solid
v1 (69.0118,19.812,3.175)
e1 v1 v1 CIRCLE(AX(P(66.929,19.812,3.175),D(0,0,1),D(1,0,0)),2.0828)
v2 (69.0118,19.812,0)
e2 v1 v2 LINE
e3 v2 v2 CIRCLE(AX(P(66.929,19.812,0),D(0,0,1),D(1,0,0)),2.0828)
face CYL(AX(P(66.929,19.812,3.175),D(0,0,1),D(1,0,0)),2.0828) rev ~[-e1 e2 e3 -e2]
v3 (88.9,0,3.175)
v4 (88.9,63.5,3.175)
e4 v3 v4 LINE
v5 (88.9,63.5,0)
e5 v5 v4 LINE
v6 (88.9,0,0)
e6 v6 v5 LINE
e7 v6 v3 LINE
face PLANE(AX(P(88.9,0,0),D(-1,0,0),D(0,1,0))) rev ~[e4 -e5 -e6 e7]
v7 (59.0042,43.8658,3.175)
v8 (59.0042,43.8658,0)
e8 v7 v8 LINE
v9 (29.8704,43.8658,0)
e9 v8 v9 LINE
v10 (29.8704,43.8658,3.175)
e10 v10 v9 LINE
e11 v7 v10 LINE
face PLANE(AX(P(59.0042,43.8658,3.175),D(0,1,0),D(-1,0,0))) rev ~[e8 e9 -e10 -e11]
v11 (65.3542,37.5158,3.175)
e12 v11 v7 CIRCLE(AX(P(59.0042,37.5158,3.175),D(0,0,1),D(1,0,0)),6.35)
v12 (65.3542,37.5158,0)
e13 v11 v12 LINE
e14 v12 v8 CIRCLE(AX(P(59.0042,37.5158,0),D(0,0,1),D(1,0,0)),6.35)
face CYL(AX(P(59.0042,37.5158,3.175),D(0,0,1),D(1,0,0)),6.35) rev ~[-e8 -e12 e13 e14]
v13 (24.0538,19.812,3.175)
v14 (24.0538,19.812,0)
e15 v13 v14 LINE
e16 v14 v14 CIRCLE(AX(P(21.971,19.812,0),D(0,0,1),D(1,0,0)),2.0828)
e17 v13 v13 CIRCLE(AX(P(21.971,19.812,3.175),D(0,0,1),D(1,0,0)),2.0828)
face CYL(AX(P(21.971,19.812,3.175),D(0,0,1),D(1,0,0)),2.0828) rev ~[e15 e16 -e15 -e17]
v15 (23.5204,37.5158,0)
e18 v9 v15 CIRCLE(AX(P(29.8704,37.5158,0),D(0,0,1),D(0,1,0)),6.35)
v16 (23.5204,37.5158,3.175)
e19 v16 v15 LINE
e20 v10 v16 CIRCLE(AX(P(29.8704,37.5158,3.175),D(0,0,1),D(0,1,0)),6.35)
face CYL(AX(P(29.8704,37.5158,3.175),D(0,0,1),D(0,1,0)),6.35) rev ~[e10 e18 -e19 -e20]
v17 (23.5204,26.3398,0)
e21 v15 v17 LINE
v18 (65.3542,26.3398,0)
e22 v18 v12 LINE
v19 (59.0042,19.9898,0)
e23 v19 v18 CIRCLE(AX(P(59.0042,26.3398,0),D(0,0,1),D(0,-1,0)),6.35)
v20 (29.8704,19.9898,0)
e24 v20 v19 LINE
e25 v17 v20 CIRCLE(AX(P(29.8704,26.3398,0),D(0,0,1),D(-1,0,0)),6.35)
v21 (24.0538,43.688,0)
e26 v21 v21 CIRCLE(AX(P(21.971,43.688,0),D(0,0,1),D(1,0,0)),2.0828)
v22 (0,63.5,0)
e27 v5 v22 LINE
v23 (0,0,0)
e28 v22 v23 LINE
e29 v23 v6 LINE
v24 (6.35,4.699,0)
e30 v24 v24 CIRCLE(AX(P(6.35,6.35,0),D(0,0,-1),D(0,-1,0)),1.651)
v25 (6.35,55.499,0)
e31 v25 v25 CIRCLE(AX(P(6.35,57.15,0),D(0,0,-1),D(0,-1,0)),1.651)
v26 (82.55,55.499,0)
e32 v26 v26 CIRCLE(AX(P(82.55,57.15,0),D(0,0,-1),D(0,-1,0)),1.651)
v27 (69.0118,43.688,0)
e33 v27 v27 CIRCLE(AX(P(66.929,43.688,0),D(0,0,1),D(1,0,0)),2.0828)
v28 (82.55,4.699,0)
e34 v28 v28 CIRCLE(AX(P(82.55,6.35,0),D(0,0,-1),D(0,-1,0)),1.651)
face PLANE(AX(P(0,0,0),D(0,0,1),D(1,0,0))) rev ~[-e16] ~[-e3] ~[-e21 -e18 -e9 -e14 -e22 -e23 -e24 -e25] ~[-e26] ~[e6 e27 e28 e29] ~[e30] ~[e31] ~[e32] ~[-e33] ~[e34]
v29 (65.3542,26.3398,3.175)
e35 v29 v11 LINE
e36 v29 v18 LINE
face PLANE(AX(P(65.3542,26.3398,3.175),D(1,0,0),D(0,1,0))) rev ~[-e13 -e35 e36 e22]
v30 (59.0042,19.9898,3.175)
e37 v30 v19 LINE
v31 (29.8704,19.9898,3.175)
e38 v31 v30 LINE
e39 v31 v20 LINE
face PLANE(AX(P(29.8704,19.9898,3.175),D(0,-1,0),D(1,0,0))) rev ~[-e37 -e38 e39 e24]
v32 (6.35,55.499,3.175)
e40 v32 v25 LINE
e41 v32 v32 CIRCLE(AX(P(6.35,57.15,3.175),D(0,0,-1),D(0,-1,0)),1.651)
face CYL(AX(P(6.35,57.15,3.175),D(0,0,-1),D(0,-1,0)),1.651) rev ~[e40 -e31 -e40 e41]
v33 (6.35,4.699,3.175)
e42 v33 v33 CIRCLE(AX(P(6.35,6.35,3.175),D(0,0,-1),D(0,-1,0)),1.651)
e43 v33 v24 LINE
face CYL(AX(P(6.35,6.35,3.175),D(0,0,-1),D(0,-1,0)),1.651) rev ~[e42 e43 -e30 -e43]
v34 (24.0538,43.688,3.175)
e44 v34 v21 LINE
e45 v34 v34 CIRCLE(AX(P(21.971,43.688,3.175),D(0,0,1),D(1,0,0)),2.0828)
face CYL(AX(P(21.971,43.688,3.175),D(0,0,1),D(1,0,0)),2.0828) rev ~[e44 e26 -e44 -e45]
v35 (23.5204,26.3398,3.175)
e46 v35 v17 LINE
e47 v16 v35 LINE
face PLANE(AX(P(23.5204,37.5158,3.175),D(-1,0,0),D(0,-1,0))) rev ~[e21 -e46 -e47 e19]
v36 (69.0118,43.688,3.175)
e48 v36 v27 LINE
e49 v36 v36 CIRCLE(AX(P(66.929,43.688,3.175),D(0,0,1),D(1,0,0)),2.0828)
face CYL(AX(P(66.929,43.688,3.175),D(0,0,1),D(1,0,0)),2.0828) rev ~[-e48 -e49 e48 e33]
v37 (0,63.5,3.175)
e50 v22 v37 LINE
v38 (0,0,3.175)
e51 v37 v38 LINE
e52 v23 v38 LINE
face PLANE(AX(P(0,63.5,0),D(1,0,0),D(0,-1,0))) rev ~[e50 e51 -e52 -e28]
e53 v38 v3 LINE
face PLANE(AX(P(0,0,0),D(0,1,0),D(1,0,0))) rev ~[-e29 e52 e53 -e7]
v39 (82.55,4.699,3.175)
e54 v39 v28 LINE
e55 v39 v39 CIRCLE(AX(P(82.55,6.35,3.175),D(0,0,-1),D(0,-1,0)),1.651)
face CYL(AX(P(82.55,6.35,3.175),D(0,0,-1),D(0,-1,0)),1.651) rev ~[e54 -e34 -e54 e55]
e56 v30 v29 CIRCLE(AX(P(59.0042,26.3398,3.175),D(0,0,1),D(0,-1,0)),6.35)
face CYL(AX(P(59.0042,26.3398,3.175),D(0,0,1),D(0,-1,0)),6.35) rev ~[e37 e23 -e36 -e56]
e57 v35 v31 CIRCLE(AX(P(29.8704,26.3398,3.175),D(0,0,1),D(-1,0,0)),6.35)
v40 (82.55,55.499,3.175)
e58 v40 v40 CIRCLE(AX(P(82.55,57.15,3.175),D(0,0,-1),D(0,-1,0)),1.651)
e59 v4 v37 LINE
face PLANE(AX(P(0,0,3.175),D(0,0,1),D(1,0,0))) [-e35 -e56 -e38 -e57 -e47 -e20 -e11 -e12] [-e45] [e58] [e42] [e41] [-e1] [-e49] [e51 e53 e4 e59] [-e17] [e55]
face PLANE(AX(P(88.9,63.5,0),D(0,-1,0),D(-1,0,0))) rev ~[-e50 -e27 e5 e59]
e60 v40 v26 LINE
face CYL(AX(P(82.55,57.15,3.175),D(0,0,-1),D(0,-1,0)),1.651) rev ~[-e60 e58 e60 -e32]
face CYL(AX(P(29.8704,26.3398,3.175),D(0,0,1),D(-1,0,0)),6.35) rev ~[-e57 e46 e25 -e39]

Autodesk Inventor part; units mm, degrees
ref_plane "YZ Plane" through (0, 0, 0) normal (1, 0, 0) x (0, 1, 0)
ref_plane "XZ Plane" through (0, 0, 0) normal (0, 1, 0) x (-1, 0, 0)
ref_plane "XY Plane" through (0, 0, 0) normal (0, 0, 1) x (1, 0, 0)
sketch "Sketch1" plane through (0, 0, 0) normal (0, 0, 1) x (1, 0, 0)
  line L0 (0, 0) -> (88.9, 0)
  line L1 (88.9, 0) -> (88.9, 63.5)
  line L2 (88.9, 63.5) -> (0, 63.5)
  line L3 (0, 63.5) -> (0, 0)
  dimension "d0" = 88.9
  dimension "d1" = 63.5
extrude "Extrusion1" add sketch "Sketch1" along normal blind 3.175
sketch "Sketch2" plane through (0, 0, 3.175) normal (0, 0, 1) x (1, 0, 0)
  line L0 (16.891, 13.97) -> (72.009, 13.97)
  line L1 (72.009, 13.97) -> (72.009, 49.53)
  line L2 (72.009, 49.53) -> (16.891, 49.53)
  line L3 (16.891, 49.53) -> (16.891, 13.97)
  circle A0 centre (21.971, 43.688) radius 2.0828
  circle A1 centre (66.929, 43.688) radius 2.0828
  circle A2 centre (66.929, 19.812) radius 2.0828
  circle A3 centre (21.971, 19.812) radius 2.0828
  line L4 (29.8704, 19.9898) -> (59.0042, 19.9898)
  line L5 (65.3542, 26.3398) -> (65.3542, 37.5158)
  line L6 (59.0042, 43.8658) -> (29.8704, 43.8658)
  line L7 (23.5204, 37.5158) -> (23.5204, 26.3398)
  arc A4 (29.8704, 43.8658) -> (23.5204, 37.5158) centre (29.8704, 37.5158) ccw
  arc A5 (23.5204, 26.3398) -> (29.8704, 19.9898) centre (29.8704, 26.3398) ccw
  arc A6 (59.0042, 19.9898) -> (65.3542, 26.3398) centre (59.0042, 26.3398) ccw
  arc A7 (65.3542, 37.5158) -> (59.0042, 43.8658) centre (59.0042, 37.5158) ccw
  line L8 (0, 63.5) -> (0, 0) projected
  line L9 (88.9, 0) -> (88.9, 63.5) projected
  line L10 (0, 0) -> (88.9, 0) projected
  line L11 (88.9, 63.5) -> (0, 63.5) projected
  point P0 (23.5204, 19.9898)
  point P1 (65.3542, 43.8658)
  point P2 (65.3542, 19.9898)
  dimension "d4" = 55.118
  dimension "d5" = 35.56
  dimension "d6" = 4.1656
  dimension "d7" = 5.08
  dimension "d8" = 5.842
  dimension "d9" = 5.842
  dimension "d10" = 5.842
  dimension "d11" = 5.842
  dimension "d12" = 5.08
  dimension "d13" = 5.08
  dimension "d14" = 5.08
  dimension "d15" = 23.876
  dimension "d16" = 41.8338
  dimension "d17" = 1.5748
  dimension "d18" = 0.1778
  dimension "d19" = 6.35
  dimension "d20" = 88.9
  dimension "d21" = 63.5
  dimension "d22" = 13.97
  dimension "d23" = 16.891
extrude "Extrusion2" cut sketch "Sketch2" against normal through all contours A0 | A1 | A2 | A3 | A5 L7 A4 L6 A7 L5 A6 L4
sketch "Sketch4" plane through (0, 0, 3.175) normal (0, 0, 1) x (1, 0, 0)
  line L0 (38.1, 57.15) -> (51.2683, 57.15) construction
  line L1 (51.2683, 57.15) -> (51.2683, 45.6081) construction
  line L2 (51.2683, 45.6081) -> (38.1, 45.6081) construction
  line L3 (38.1, 45.6081) -> (38.1, 57.15) construction
  line L4 (0, 63.5) -> (0, 0) projected
  line L5 (88.9, 63.5) -> (0, 63.5) projected
sketch "Sketch5" plane through (0, 0, 0) normal (0, 0, -1) x (-1, 0, 0)
  line L0 (-61.8811, 60.2648) -> (-25.8263, 60.2648) construction
  line L1 (-25.8263, 60.2648) -> (-25.8263, 56.54) construction
  line L2 (-25.8263, 56.54) -> (-61.8811, 56.54) construction
  line L3 (-61.8811, 56.54) -> (-61.8811, 60.2648) construction
  point P0 (0, 0)
sketch "Sketch6" plane through (0, 0, 3.175) normal (0, 0, 1) x (1, 0, 0)
  line L0 (0, 63.5) -> (0, 0) projected
  circle A0 centre (66.929, 43.688) radius 2.0828 projected
  circle A1 centre (21.971, 19.812) radius 2.0828 projected
  circle A2 centre (21.971, 43.688) radius 2.0828 projected
  circle A3 centre (66.929, 19.812) radius 2.0828 projected
  arc A4 (59.0042, 19.9898) -> (65.3542, 26.3398) centre (59.0042, 26.3398) ccw projected
  line L1 (59.0042, 19.9898) -> (29.8704, 19.9898) projected
  arc A5 (23.5204, 26.3398) -> (29.8704, 19.9898) centre (29.8704, 26.3398) ccw projected
  line L2 (23.5204, 26.3398) -> (23.5204, 37.5158) projected
  arc A6 (29.8704, 43.8658) -> (23.5204, 37.5158) centre (29.8704, 37.5158) ccw projected
  line L3 (29.8704, 43.8658) -> (59.0042, 43.8658) projected
  arc A7 (65.3542, 37.5158) -> (59.0042, 43.8658) centre (59.0042, 37.5158) ccw projected
  line L4 (65.3542, 37.5158) -> (65.3542, 26.3398) projected
  line L5 (0, 0) -> (88.9, 0) projected
  line L6 (88.9, 0) -> (88.9, 63.5) projected
  line L7 (88.9, 63.5) -> (0, 63.5) projected
  line L8 (0, 63.5) -> (0, 0) projected
  point P0 (6.35, 57.15)
  point P1 (82.55, 57.15)
  point P2 (82.55, 6.35)
  point P3 (6.35, 6.35)
  dimension "d57" = 6.35
  dimension "d58" = 6.35
  dimension "d59" = 6.35
  dimension "d60" = 6.35
  dimension "d61" = 6.35
  dimension "d62" = 6.35
  dimension "d63" = 6.35
  dimension "d64" = 6.35
hole "Hole1" at (6.35, 57.15, 3.175) at (6.35, 6.35, 3.175) at (82.55, 6.35, 3.175) at (82.55, 57.15, 3.175) direction (0, 0, -1) diameter 3.302 end through all
thread "Thread9" size "8-32 UNC" class "2B" standard "ANSI Unified Screw Threads" full length
thread "Thread10" size "8-32 UNC" class "2B" standard "ANSI Unified Screw Threads" full length
thread "Thread11" size "8-32 UNC" class "2B" standard "ANSI Unified Screw Threads" full length
thread "Thread12" size "8-32 UNC" class "2B" standard "ANSI Unified Screw Threads" full length
equation "\"d9\" = d8"
equation "\"d10\" = d9"
equation "\"d11\" = d8"
equation "\"d12\" = d7"
equation "\"d13\" = d7"
equation "\"d14\" = d7"
equation "\"d22\" = -0.5 * d5 + 0.5 * d21"
equation "\"d23\" = -0.5 * d4 + 0.5 * d20"
equation "\"d58\" = d57"
equation "\"d59\" = d58"
equation "\"d60\" = d59"
equation "\"d61\" = d59"
equation "\"d62\" = d61"
equation "\"d63\" = d58"
equation "\"d64\" = d63"
properties part number "LFEV2017_TSI_007"
